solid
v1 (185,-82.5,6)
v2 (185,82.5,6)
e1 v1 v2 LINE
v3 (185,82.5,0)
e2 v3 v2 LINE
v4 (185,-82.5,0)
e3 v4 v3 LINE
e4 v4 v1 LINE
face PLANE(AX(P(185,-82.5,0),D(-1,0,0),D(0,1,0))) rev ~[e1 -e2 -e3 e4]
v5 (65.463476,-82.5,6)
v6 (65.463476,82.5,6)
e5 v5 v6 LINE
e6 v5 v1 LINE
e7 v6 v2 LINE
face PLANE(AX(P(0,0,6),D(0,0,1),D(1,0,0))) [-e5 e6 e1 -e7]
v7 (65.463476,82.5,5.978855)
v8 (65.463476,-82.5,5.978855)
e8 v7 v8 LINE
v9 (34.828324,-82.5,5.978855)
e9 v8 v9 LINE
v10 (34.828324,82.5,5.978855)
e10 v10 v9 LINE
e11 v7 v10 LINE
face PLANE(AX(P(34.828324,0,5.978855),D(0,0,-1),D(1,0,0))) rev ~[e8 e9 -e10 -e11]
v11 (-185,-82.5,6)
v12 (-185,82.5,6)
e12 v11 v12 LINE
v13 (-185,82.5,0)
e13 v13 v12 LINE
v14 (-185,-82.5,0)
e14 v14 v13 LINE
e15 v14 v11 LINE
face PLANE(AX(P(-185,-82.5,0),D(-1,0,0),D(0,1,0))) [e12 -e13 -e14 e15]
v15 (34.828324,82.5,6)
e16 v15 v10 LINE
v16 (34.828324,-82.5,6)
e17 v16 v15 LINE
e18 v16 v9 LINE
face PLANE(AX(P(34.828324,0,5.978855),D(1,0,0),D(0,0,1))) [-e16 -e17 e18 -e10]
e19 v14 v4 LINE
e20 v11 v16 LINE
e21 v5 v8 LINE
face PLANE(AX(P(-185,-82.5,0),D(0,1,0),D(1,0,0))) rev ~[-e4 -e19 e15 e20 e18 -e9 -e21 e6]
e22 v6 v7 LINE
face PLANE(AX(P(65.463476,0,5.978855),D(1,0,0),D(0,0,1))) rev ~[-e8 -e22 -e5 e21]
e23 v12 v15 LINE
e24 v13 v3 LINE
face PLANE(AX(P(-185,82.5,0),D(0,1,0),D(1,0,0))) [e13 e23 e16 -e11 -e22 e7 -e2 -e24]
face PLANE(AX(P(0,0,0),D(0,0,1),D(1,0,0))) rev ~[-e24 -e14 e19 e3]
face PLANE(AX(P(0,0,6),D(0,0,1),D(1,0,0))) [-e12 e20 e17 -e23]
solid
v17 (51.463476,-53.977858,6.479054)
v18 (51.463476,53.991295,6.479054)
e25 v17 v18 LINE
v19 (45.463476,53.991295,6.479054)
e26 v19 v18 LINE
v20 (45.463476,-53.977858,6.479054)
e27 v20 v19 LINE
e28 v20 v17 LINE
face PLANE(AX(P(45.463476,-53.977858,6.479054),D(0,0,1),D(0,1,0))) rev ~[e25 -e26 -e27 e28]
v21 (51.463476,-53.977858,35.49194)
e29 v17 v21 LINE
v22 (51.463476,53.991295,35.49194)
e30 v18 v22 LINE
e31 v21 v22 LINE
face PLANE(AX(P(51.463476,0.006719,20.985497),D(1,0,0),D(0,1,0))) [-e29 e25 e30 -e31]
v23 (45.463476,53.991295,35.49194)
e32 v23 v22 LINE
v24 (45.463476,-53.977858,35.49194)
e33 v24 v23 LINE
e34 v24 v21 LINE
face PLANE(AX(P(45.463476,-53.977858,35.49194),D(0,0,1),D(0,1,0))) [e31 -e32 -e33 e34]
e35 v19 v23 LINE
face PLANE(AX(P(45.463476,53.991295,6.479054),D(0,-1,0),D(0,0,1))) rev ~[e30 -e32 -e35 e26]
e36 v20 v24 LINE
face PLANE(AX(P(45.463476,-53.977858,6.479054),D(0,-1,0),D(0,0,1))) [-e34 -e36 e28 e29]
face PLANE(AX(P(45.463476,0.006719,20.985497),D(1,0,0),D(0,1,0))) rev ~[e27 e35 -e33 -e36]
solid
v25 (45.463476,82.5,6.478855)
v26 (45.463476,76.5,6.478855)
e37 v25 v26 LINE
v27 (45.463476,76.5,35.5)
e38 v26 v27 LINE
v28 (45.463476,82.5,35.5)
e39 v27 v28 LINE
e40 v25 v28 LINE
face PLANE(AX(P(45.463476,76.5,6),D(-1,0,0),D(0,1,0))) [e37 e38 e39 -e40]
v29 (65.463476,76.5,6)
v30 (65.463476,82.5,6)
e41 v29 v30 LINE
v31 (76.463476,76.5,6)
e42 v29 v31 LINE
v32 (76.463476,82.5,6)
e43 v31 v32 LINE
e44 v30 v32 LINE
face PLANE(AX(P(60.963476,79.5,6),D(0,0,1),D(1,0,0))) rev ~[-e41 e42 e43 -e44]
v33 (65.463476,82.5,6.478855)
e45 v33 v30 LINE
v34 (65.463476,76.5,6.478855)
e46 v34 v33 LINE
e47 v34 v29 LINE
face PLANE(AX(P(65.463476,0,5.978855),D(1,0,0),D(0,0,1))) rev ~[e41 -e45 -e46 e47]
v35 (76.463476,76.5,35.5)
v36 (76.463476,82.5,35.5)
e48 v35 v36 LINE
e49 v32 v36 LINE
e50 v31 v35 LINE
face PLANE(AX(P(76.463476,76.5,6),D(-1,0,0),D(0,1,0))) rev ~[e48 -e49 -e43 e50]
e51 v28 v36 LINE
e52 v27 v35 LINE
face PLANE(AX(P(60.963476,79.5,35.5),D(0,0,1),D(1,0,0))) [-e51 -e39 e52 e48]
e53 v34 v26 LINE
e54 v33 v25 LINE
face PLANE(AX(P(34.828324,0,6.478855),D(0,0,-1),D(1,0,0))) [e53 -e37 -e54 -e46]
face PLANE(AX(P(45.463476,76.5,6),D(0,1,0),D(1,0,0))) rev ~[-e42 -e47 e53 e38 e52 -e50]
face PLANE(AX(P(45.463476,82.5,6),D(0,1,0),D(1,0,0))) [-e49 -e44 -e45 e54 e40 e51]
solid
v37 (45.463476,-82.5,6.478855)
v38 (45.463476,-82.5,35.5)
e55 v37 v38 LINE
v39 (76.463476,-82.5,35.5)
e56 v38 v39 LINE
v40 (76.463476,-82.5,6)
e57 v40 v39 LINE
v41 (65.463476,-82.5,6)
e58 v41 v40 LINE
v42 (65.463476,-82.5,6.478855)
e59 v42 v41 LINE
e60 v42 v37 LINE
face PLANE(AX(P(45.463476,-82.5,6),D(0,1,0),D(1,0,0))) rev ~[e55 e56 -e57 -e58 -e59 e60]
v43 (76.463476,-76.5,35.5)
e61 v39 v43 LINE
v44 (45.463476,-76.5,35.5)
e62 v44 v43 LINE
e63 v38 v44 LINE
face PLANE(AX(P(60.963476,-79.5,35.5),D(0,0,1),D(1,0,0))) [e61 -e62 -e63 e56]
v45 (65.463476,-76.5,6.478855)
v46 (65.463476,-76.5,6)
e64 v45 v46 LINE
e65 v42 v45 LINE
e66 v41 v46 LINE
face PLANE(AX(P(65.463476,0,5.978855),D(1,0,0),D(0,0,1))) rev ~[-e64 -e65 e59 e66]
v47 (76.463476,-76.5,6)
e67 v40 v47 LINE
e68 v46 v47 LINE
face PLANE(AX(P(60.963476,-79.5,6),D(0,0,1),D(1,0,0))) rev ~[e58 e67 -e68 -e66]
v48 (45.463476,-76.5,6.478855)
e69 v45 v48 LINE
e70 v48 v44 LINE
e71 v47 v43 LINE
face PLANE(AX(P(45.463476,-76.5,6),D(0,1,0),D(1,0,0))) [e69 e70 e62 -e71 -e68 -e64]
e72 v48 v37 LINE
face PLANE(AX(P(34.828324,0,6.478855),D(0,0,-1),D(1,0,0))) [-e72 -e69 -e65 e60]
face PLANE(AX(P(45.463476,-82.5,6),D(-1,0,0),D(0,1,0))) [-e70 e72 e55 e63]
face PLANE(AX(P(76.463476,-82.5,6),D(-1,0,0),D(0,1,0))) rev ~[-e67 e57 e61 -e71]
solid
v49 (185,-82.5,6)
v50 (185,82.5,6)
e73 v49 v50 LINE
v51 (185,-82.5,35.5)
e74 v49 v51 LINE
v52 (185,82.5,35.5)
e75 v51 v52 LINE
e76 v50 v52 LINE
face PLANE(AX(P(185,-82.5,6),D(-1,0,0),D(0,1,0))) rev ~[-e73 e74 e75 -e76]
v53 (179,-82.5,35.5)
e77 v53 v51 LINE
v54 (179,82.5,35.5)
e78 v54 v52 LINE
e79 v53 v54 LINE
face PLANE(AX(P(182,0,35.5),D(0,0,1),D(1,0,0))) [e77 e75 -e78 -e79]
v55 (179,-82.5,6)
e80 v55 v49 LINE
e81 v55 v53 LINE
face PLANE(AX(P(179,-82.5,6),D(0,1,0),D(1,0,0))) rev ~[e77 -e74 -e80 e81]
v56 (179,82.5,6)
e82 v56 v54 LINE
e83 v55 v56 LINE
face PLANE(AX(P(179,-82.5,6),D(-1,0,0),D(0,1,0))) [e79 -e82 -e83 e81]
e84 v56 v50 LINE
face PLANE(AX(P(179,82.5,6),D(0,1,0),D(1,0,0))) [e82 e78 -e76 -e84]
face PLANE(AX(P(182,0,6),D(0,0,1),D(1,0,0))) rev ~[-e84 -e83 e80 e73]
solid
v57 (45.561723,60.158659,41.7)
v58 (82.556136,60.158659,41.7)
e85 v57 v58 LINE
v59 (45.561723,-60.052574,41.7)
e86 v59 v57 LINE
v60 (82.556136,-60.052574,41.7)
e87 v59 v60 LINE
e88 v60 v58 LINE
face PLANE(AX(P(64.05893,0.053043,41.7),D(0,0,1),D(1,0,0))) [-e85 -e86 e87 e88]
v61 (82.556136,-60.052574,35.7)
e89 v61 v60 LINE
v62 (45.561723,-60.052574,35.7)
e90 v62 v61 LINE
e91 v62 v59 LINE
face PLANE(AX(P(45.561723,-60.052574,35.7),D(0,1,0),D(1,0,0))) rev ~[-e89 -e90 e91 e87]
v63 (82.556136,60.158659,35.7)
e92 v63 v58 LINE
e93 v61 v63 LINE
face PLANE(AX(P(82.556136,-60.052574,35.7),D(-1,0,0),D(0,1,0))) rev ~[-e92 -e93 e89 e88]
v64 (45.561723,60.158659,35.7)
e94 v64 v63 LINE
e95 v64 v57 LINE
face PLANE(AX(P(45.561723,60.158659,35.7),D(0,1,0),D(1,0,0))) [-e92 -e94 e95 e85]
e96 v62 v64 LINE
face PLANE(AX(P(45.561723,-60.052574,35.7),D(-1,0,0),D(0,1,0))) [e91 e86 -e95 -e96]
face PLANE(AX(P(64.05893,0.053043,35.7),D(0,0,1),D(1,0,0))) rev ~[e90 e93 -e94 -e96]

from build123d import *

# Parameters (mm, degrees)
F0_W      = 370
F0_H      = 165
F1_DEPTH  = 6
F2_W      = 6
F2_H      = 165
F3_DEPTH  = 29.5
F4_W      = 31
F4_H      = 6
F5_DEPTH  = 29.5
F6_W      = 30.6351519525
F6_H      = 0.5
F7_DEPTH  = 150
F9_W      = 107.9691536725
F9_H      = 29.012885876
F10_DEPTH = 6
F12_W     = 36.9944125414
F12_H     = 120.2112324536
F13_DEPTH = 6


with BuildPart() as f1:
    # F0 (on Top) → F1 (new body)
    with BuildSketch(Plane.XY):
        Rectangle(F0_W, F0_H)
    extrude(amount=F1_DEPTH)


with BuildPart() as f3:
    # F2 (on face) → F3 (new body)
    with BuildSketch(Plane.XY.offset(6)):
        with Locations((182, 0)):
            Rectangle(F2_W, F2_H)
    extrude(amount=F3_DEPTH)


with BuildPart() as f5:
    # F4 (on face) → F5 (new body, through all)
    with BuildSketch(Plane.XY.offset(6)):
        with Locations((60.9634758234, -79.5)):
            Rectangle(F4_W, F4_H)
    extrude(amount=F5_DEPTH)


with BuildPart() as f5b:
    # F4 (on face) → F5, piece 2 (new body, through all)
    with BuildSketch(Plane.XY.offset(6)):
        with Locations((60.9634758234, 79.5)):
            Rectangle(F4_W, F4_H)
    extrude(amount=F5_DEPTH)


with BuildPart() as f7_tool:
    # F6 (on Front) → F7 (new body, symmetric)
    with BuildSketch(Plane.XZ):
        with Locations((50.1458998471, 6.2288549207)):
            Rectangle(F6_W, F6_H)
    extrude(amount=F7_DEPTH, both=True)


with BuildPart() as f1_1:
    add(f1.part)

    # F7: cut by f7_tool
    add(f7_tool.part, mode=Mode.SUBTRACT)


with BuildPart() as f5_1:
    add(f5.part)

    # F7: cut by f7_tool
    add(f7_tool.part, mode=Mode.SUBTRACT)


with BuildPart() as f5b_1:
    add(f5b.part)

    # F7: cut by f7_tool
    add(f7_tool.part, mode=Mode.SUBTRACT)


with BuildPart() as f10:
    # F9 (on plane+point) → F10 (new body)
    with BuildSketch(Plane.YZ.offset(45.4634758234)):
        with Locations((0.0067185611, 20.9854966961)):
            Rectangle(F9_W, F9_H)
    extrude(amount=F10_DEPTH)


with BuildPart() as f13:
    # F12 (on offset) → F13 (new body)
    with BuildSketch(Plane.XY.offset(35.7)):
        with Locations((64.0589296818, 0.0530425459)):
            Rectangle(F12_W, F12_H)
    extrude(amount=F13_DEPTH)


solid = Compound([f3.part, f1_1.part, f5_1.part, f5b_1.part, f10.part, f13.part])
